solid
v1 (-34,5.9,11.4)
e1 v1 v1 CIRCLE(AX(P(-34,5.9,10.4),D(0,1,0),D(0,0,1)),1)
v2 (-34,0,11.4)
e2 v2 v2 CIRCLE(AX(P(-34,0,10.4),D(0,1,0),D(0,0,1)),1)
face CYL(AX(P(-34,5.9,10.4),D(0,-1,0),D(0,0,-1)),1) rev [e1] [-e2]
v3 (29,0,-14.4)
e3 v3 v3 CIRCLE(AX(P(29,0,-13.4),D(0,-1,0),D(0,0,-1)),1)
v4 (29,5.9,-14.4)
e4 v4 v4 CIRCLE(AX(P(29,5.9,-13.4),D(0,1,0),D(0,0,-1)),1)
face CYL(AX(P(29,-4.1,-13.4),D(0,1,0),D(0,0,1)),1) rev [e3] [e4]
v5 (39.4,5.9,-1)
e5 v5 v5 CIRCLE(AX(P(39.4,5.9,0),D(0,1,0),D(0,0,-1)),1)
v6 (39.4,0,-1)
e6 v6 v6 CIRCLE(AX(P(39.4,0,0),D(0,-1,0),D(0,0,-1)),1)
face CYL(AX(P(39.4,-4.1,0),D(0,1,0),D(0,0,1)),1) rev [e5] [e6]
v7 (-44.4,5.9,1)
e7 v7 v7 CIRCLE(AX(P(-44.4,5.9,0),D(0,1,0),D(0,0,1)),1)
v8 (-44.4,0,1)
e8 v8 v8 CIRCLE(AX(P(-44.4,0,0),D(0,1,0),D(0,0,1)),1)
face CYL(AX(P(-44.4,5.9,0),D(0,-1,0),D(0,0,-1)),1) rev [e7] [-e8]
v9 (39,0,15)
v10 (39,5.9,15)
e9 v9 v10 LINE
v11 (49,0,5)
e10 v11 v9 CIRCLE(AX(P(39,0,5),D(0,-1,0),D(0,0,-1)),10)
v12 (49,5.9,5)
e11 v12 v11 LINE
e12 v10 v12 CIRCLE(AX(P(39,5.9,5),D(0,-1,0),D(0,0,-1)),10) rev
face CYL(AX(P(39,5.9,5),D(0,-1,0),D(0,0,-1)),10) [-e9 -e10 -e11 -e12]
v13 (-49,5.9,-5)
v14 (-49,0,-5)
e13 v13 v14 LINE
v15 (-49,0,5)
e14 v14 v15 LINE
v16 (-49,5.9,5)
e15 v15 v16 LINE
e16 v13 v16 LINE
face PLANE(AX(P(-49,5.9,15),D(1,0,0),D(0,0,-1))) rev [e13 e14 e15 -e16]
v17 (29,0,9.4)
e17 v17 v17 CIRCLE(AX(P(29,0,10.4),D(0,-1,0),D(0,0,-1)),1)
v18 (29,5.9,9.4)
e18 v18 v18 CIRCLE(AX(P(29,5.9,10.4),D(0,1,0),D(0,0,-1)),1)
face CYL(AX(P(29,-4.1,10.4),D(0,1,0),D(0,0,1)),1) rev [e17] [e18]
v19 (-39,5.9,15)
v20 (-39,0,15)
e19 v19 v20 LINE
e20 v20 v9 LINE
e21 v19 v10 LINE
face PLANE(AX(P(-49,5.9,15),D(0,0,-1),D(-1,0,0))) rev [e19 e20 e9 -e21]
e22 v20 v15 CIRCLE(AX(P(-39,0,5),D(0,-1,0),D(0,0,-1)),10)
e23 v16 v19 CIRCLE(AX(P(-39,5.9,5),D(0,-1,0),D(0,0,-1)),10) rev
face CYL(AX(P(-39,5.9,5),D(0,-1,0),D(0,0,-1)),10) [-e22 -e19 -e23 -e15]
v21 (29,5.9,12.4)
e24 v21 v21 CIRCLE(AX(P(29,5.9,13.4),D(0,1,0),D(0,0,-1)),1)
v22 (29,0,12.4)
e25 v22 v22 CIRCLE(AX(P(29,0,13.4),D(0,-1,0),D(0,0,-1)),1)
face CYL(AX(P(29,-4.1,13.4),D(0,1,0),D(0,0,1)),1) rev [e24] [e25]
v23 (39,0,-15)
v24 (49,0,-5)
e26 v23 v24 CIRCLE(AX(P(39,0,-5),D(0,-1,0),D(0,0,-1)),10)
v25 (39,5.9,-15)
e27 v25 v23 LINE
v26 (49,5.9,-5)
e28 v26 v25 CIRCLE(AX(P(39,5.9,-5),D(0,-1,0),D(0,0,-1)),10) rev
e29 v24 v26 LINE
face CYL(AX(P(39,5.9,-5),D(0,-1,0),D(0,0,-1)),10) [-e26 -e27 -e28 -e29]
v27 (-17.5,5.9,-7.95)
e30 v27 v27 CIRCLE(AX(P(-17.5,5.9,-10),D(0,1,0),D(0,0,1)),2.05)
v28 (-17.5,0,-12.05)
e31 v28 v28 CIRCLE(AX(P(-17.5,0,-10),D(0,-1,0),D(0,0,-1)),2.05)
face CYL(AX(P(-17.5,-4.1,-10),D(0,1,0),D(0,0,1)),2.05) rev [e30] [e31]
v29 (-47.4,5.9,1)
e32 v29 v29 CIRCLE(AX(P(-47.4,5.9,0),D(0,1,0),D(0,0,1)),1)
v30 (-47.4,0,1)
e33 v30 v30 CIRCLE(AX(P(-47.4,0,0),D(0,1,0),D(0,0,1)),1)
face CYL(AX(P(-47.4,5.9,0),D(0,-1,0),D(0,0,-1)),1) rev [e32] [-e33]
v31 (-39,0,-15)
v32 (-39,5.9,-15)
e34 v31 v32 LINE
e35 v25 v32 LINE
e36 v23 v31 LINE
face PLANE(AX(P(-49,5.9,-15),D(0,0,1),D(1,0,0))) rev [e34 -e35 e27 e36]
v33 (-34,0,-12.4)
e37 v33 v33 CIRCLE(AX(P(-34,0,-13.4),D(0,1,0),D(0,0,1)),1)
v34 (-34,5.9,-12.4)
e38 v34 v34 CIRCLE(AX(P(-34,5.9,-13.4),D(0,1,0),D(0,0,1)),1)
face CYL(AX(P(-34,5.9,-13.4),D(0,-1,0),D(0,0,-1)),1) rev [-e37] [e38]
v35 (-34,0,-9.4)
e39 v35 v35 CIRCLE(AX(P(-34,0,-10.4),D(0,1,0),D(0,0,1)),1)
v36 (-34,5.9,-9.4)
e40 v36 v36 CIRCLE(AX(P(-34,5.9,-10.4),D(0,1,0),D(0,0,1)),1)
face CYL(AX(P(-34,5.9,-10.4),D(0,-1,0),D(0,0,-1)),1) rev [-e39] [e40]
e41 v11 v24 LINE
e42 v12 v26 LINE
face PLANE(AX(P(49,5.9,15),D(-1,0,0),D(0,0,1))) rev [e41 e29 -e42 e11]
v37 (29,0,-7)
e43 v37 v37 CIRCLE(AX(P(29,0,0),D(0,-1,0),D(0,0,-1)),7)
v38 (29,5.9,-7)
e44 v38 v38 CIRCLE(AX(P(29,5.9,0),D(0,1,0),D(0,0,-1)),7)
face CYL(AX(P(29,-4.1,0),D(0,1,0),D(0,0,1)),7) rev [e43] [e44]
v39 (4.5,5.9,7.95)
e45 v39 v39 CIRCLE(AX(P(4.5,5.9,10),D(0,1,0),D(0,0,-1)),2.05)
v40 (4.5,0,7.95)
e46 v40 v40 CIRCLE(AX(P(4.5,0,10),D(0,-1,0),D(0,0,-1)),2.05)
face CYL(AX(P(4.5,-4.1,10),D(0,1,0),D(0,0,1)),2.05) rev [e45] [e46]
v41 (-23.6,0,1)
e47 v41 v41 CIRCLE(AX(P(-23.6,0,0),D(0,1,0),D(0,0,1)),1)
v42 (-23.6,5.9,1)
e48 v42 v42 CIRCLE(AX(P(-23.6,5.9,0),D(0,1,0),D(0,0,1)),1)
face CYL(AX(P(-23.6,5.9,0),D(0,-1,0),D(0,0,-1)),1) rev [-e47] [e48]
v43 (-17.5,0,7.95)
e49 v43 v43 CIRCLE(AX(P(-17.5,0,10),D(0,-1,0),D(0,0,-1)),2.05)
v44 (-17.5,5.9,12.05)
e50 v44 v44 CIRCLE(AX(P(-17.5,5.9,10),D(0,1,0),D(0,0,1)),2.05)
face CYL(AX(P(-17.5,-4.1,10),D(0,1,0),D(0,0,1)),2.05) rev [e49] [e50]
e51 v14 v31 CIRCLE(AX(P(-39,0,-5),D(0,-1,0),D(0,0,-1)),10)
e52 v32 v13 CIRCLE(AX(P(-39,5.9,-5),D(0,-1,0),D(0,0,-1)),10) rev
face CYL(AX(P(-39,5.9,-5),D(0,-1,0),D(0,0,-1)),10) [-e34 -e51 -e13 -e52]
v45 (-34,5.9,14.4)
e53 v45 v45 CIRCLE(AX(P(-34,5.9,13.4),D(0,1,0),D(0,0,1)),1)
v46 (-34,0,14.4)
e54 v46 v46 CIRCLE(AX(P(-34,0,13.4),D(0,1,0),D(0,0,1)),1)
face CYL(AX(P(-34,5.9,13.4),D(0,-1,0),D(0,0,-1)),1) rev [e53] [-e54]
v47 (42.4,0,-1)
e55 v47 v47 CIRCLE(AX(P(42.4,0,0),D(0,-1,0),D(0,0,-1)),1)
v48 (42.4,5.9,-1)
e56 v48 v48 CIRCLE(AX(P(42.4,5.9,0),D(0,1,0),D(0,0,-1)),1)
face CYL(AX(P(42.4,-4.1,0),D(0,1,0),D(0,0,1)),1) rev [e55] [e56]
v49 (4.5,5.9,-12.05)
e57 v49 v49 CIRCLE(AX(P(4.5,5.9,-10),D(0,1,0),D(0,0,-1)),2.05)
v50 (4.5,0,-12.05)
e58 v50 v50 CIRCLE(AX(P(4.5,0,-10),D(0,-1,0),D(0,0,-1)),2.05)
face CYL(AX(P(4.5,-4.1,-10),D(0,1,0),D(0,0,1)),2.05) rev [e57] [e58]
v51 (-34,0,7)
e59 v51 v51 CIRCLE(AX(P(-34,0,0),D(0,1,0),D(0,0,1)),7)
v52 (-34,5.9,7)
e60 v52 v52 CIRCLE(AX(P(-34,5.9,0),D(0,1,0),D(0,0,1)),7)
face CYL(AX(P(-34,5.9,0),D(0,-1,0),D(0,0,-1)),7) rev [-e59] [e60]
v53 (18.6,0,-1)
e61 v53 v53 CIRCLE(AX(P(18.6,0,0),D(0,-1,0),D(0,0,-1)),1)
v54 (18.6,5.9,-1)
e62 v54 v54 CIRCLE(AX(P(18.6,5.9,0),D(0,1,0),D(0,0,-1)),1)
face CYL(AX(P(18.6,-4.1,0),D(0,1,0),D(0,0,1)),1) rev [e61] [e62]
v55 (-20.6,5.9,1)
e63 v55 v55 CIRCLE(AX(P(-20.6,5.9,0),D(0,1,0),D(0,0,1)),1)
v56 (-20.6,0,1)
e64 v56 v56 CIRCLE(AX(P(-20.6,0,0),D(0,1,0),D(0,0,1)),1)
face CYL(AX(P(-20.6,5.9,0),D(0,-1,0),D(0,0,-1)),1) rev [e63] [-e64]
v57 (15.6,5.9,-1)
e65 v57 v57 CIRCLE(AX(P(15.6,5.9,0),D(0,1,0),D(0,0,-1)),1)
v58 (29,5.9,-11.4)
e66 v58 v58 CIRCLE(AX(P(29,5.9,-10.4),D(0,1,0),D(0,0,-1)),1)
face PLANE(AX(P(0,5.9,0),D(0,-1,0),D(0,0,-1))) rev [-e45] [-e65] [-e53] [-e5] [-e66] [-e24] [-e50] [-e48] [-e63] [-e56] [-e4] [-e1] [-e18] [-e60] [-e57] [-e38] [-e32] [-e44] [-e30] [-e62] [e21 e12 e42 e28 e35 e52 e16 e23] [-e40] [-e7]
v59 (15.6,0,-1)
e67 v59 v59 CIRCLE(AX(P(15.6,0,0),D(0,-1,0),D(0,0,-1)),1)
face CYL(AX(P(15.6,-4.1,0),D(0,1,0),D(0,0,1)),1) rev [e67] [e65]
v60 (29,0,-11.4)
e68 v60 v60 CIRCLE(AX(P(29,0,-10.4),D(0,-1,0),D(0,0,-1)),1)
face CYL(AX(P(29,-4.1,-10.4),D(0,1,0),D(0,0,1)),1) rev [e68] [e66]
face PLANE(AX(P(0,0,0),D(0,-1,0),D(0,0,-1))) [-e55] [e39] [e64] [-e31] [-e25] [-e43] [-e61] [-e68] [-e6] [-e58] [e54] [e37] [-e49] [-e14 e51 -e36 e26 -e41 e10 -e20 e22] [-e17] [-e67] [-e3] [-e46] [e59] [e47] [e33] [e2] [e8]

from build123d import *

# Parameters (mm, degrees)
SKETCH1_W           = 98
SKETCH1_H           = 30
SKETCH1_R           = 7
SKETCH1_R_2         = 1
BOSS_EXTRUDE1_DEPTH = 5.9
SKETCH4_R           = 7
SKETCH4_R_2         = 1
CUT_EXTRUDE3_DEPTH  = 10
FILLET1_R           = 10
SKETCH5_R           = 2.05
CUT_EXTRUDE4_DEPTH  = 10


with BuildPart() as part:
    # Sketch1 → Boss-Extrude1 (new body)
    with BuildSketch(Plane(origin=(0, 0, 0), x_dir=(1, 0, 0), z_dir=(0, 1, 0))):
        Rectangle(SKETCH1_W, SKETCH1_H)
        with Locations((-34, 0)):
            Circle(SKETCH1_R, mode=Mode.SUBTRACT)
        with Locations((-44.4, 0)):
            Circle(SKETCH1_R_2, mode=Mode.SUBTRACT)
        with Locations((-47.4, 0)):
            Circle(SKETCH1_R_2, mode=Mode.SUBTRACT)
        with Locations((-34, 10.4)):
            Circle(SKETCH1_R_2, mode=Mode.SUBTRACT)
        with Locations((-34, 13.4)):
            Circle(SKETCH1_R_2, mode=Mode.SUBTRACT)
        with Locations((-23.6, 0)):
            Circle(SKETCH1_R_2, mode=Mode.SUBTRACT)
        with Locations((-20.6, 0)):
            Circle(SKETCH1_R_2, mode=Mode.SUBTRACT)
        with Locations((-34, -10.4)):
            Circle(SKETCH1_R_2, mode=Mode.SUBTRACT)
        with Locations((-34, -13.4)):
            Circle(SKETCH1_R_2, mode=Mode.SUBTRACT)
    extrude(amount=BOSS_EXTRUDE1_DEPTH)

    # Sketch4 → Cut-Extrude3 (cut)
    with BuildSketch(Plane(origin=(0, 5.9, 0), x_dir=(1, 0, 0), z_dir=(0, 1, 0))):
        with Locations((-34, 0)):
            Circle(SKETCH4_R)
        with Locations((-34, -13.4)):
            Circle(SKETCH4_R_2)
        with Locations((-34, -10.4)):
            Circle(SKETCH4_R_2)
        with Locations((-44.4, 0)):
            Circle(SKETCH4_R_2)
        with Locations((-47.4, 0)):
            Circle(SKETCH4_R_2)
        with Locations((-34, 13.4)):
            Circle(SKETCH4_R_2)
        with Locations((-23.6, 0)):
            Circle(SKETCH4_R_2)
        with Locations((-20.6, 0)):
            Circle(SKETCH4_R_2)
        with Locations((-34, 10.4)):
            Circle(SKETCH4_R_2)
        with Locations((29, -13.4)):
            Circle(SKETCH4_R_2)
        with Locations((29, -10.4)):
            Circle(SKETCH4_R_2)
        with Locations((42.4, 0)):
            Circle(SKETCH4_R_2)
        with Locations((39.4, 0)):
            Circle(SKETCH4_R_2)
        with Locations((29, 0)):
            Circle(SKETCH4_R)
        with Locations((29, 10.4)):
            Circle(SKETCH4_R_2)
        with Locations((29, 13.4)):
            Circle(SKETCH4_R_2)
        with Locations((18.6, 0)):
            Circle(SKETCH4_R_2)
        with Locations((15.6, 0)):
            Circle(SKETCH4_R_2)
    extrude(amount=-CUT_EXTRUDE3_DEPTH, mode=Mode.SUBTRACT)

    # Fillet1
    fillet1_edges = [part.edges().sort_by_distance(p)[0] for p in [
        (49, 2.95, 15),
        (-49, 2.95, 15),
        (-49, 2.95, -15),
        (49, 2.95, -15),
    ]]
    fillet(fillet1_edges, radius=FILLET1_R)

    # Sketch5 → Cut-Extrude4 (cut)
    with BuildSketch(Plane(origin=(0, 5.9, 0), x_dir=(1, 0, 0), z_dir=(0, 1, 0))):
        with Locations((-17.5, 10)):
            Circle(SKETCH5_R)
        with Locations((-17.5, -10)):
            Circle(SKETCH5_R)
        with Locations((4.5, -10)):
            Circle(SKETCH5_R)
        with Locations((4.5, 10)):
            Circle(SKETCH5_R)
    extrude(amount=-CUT_EXTRUDE4_DEPTH, mode=Mode.SUBTRACT)


solid = part.part
